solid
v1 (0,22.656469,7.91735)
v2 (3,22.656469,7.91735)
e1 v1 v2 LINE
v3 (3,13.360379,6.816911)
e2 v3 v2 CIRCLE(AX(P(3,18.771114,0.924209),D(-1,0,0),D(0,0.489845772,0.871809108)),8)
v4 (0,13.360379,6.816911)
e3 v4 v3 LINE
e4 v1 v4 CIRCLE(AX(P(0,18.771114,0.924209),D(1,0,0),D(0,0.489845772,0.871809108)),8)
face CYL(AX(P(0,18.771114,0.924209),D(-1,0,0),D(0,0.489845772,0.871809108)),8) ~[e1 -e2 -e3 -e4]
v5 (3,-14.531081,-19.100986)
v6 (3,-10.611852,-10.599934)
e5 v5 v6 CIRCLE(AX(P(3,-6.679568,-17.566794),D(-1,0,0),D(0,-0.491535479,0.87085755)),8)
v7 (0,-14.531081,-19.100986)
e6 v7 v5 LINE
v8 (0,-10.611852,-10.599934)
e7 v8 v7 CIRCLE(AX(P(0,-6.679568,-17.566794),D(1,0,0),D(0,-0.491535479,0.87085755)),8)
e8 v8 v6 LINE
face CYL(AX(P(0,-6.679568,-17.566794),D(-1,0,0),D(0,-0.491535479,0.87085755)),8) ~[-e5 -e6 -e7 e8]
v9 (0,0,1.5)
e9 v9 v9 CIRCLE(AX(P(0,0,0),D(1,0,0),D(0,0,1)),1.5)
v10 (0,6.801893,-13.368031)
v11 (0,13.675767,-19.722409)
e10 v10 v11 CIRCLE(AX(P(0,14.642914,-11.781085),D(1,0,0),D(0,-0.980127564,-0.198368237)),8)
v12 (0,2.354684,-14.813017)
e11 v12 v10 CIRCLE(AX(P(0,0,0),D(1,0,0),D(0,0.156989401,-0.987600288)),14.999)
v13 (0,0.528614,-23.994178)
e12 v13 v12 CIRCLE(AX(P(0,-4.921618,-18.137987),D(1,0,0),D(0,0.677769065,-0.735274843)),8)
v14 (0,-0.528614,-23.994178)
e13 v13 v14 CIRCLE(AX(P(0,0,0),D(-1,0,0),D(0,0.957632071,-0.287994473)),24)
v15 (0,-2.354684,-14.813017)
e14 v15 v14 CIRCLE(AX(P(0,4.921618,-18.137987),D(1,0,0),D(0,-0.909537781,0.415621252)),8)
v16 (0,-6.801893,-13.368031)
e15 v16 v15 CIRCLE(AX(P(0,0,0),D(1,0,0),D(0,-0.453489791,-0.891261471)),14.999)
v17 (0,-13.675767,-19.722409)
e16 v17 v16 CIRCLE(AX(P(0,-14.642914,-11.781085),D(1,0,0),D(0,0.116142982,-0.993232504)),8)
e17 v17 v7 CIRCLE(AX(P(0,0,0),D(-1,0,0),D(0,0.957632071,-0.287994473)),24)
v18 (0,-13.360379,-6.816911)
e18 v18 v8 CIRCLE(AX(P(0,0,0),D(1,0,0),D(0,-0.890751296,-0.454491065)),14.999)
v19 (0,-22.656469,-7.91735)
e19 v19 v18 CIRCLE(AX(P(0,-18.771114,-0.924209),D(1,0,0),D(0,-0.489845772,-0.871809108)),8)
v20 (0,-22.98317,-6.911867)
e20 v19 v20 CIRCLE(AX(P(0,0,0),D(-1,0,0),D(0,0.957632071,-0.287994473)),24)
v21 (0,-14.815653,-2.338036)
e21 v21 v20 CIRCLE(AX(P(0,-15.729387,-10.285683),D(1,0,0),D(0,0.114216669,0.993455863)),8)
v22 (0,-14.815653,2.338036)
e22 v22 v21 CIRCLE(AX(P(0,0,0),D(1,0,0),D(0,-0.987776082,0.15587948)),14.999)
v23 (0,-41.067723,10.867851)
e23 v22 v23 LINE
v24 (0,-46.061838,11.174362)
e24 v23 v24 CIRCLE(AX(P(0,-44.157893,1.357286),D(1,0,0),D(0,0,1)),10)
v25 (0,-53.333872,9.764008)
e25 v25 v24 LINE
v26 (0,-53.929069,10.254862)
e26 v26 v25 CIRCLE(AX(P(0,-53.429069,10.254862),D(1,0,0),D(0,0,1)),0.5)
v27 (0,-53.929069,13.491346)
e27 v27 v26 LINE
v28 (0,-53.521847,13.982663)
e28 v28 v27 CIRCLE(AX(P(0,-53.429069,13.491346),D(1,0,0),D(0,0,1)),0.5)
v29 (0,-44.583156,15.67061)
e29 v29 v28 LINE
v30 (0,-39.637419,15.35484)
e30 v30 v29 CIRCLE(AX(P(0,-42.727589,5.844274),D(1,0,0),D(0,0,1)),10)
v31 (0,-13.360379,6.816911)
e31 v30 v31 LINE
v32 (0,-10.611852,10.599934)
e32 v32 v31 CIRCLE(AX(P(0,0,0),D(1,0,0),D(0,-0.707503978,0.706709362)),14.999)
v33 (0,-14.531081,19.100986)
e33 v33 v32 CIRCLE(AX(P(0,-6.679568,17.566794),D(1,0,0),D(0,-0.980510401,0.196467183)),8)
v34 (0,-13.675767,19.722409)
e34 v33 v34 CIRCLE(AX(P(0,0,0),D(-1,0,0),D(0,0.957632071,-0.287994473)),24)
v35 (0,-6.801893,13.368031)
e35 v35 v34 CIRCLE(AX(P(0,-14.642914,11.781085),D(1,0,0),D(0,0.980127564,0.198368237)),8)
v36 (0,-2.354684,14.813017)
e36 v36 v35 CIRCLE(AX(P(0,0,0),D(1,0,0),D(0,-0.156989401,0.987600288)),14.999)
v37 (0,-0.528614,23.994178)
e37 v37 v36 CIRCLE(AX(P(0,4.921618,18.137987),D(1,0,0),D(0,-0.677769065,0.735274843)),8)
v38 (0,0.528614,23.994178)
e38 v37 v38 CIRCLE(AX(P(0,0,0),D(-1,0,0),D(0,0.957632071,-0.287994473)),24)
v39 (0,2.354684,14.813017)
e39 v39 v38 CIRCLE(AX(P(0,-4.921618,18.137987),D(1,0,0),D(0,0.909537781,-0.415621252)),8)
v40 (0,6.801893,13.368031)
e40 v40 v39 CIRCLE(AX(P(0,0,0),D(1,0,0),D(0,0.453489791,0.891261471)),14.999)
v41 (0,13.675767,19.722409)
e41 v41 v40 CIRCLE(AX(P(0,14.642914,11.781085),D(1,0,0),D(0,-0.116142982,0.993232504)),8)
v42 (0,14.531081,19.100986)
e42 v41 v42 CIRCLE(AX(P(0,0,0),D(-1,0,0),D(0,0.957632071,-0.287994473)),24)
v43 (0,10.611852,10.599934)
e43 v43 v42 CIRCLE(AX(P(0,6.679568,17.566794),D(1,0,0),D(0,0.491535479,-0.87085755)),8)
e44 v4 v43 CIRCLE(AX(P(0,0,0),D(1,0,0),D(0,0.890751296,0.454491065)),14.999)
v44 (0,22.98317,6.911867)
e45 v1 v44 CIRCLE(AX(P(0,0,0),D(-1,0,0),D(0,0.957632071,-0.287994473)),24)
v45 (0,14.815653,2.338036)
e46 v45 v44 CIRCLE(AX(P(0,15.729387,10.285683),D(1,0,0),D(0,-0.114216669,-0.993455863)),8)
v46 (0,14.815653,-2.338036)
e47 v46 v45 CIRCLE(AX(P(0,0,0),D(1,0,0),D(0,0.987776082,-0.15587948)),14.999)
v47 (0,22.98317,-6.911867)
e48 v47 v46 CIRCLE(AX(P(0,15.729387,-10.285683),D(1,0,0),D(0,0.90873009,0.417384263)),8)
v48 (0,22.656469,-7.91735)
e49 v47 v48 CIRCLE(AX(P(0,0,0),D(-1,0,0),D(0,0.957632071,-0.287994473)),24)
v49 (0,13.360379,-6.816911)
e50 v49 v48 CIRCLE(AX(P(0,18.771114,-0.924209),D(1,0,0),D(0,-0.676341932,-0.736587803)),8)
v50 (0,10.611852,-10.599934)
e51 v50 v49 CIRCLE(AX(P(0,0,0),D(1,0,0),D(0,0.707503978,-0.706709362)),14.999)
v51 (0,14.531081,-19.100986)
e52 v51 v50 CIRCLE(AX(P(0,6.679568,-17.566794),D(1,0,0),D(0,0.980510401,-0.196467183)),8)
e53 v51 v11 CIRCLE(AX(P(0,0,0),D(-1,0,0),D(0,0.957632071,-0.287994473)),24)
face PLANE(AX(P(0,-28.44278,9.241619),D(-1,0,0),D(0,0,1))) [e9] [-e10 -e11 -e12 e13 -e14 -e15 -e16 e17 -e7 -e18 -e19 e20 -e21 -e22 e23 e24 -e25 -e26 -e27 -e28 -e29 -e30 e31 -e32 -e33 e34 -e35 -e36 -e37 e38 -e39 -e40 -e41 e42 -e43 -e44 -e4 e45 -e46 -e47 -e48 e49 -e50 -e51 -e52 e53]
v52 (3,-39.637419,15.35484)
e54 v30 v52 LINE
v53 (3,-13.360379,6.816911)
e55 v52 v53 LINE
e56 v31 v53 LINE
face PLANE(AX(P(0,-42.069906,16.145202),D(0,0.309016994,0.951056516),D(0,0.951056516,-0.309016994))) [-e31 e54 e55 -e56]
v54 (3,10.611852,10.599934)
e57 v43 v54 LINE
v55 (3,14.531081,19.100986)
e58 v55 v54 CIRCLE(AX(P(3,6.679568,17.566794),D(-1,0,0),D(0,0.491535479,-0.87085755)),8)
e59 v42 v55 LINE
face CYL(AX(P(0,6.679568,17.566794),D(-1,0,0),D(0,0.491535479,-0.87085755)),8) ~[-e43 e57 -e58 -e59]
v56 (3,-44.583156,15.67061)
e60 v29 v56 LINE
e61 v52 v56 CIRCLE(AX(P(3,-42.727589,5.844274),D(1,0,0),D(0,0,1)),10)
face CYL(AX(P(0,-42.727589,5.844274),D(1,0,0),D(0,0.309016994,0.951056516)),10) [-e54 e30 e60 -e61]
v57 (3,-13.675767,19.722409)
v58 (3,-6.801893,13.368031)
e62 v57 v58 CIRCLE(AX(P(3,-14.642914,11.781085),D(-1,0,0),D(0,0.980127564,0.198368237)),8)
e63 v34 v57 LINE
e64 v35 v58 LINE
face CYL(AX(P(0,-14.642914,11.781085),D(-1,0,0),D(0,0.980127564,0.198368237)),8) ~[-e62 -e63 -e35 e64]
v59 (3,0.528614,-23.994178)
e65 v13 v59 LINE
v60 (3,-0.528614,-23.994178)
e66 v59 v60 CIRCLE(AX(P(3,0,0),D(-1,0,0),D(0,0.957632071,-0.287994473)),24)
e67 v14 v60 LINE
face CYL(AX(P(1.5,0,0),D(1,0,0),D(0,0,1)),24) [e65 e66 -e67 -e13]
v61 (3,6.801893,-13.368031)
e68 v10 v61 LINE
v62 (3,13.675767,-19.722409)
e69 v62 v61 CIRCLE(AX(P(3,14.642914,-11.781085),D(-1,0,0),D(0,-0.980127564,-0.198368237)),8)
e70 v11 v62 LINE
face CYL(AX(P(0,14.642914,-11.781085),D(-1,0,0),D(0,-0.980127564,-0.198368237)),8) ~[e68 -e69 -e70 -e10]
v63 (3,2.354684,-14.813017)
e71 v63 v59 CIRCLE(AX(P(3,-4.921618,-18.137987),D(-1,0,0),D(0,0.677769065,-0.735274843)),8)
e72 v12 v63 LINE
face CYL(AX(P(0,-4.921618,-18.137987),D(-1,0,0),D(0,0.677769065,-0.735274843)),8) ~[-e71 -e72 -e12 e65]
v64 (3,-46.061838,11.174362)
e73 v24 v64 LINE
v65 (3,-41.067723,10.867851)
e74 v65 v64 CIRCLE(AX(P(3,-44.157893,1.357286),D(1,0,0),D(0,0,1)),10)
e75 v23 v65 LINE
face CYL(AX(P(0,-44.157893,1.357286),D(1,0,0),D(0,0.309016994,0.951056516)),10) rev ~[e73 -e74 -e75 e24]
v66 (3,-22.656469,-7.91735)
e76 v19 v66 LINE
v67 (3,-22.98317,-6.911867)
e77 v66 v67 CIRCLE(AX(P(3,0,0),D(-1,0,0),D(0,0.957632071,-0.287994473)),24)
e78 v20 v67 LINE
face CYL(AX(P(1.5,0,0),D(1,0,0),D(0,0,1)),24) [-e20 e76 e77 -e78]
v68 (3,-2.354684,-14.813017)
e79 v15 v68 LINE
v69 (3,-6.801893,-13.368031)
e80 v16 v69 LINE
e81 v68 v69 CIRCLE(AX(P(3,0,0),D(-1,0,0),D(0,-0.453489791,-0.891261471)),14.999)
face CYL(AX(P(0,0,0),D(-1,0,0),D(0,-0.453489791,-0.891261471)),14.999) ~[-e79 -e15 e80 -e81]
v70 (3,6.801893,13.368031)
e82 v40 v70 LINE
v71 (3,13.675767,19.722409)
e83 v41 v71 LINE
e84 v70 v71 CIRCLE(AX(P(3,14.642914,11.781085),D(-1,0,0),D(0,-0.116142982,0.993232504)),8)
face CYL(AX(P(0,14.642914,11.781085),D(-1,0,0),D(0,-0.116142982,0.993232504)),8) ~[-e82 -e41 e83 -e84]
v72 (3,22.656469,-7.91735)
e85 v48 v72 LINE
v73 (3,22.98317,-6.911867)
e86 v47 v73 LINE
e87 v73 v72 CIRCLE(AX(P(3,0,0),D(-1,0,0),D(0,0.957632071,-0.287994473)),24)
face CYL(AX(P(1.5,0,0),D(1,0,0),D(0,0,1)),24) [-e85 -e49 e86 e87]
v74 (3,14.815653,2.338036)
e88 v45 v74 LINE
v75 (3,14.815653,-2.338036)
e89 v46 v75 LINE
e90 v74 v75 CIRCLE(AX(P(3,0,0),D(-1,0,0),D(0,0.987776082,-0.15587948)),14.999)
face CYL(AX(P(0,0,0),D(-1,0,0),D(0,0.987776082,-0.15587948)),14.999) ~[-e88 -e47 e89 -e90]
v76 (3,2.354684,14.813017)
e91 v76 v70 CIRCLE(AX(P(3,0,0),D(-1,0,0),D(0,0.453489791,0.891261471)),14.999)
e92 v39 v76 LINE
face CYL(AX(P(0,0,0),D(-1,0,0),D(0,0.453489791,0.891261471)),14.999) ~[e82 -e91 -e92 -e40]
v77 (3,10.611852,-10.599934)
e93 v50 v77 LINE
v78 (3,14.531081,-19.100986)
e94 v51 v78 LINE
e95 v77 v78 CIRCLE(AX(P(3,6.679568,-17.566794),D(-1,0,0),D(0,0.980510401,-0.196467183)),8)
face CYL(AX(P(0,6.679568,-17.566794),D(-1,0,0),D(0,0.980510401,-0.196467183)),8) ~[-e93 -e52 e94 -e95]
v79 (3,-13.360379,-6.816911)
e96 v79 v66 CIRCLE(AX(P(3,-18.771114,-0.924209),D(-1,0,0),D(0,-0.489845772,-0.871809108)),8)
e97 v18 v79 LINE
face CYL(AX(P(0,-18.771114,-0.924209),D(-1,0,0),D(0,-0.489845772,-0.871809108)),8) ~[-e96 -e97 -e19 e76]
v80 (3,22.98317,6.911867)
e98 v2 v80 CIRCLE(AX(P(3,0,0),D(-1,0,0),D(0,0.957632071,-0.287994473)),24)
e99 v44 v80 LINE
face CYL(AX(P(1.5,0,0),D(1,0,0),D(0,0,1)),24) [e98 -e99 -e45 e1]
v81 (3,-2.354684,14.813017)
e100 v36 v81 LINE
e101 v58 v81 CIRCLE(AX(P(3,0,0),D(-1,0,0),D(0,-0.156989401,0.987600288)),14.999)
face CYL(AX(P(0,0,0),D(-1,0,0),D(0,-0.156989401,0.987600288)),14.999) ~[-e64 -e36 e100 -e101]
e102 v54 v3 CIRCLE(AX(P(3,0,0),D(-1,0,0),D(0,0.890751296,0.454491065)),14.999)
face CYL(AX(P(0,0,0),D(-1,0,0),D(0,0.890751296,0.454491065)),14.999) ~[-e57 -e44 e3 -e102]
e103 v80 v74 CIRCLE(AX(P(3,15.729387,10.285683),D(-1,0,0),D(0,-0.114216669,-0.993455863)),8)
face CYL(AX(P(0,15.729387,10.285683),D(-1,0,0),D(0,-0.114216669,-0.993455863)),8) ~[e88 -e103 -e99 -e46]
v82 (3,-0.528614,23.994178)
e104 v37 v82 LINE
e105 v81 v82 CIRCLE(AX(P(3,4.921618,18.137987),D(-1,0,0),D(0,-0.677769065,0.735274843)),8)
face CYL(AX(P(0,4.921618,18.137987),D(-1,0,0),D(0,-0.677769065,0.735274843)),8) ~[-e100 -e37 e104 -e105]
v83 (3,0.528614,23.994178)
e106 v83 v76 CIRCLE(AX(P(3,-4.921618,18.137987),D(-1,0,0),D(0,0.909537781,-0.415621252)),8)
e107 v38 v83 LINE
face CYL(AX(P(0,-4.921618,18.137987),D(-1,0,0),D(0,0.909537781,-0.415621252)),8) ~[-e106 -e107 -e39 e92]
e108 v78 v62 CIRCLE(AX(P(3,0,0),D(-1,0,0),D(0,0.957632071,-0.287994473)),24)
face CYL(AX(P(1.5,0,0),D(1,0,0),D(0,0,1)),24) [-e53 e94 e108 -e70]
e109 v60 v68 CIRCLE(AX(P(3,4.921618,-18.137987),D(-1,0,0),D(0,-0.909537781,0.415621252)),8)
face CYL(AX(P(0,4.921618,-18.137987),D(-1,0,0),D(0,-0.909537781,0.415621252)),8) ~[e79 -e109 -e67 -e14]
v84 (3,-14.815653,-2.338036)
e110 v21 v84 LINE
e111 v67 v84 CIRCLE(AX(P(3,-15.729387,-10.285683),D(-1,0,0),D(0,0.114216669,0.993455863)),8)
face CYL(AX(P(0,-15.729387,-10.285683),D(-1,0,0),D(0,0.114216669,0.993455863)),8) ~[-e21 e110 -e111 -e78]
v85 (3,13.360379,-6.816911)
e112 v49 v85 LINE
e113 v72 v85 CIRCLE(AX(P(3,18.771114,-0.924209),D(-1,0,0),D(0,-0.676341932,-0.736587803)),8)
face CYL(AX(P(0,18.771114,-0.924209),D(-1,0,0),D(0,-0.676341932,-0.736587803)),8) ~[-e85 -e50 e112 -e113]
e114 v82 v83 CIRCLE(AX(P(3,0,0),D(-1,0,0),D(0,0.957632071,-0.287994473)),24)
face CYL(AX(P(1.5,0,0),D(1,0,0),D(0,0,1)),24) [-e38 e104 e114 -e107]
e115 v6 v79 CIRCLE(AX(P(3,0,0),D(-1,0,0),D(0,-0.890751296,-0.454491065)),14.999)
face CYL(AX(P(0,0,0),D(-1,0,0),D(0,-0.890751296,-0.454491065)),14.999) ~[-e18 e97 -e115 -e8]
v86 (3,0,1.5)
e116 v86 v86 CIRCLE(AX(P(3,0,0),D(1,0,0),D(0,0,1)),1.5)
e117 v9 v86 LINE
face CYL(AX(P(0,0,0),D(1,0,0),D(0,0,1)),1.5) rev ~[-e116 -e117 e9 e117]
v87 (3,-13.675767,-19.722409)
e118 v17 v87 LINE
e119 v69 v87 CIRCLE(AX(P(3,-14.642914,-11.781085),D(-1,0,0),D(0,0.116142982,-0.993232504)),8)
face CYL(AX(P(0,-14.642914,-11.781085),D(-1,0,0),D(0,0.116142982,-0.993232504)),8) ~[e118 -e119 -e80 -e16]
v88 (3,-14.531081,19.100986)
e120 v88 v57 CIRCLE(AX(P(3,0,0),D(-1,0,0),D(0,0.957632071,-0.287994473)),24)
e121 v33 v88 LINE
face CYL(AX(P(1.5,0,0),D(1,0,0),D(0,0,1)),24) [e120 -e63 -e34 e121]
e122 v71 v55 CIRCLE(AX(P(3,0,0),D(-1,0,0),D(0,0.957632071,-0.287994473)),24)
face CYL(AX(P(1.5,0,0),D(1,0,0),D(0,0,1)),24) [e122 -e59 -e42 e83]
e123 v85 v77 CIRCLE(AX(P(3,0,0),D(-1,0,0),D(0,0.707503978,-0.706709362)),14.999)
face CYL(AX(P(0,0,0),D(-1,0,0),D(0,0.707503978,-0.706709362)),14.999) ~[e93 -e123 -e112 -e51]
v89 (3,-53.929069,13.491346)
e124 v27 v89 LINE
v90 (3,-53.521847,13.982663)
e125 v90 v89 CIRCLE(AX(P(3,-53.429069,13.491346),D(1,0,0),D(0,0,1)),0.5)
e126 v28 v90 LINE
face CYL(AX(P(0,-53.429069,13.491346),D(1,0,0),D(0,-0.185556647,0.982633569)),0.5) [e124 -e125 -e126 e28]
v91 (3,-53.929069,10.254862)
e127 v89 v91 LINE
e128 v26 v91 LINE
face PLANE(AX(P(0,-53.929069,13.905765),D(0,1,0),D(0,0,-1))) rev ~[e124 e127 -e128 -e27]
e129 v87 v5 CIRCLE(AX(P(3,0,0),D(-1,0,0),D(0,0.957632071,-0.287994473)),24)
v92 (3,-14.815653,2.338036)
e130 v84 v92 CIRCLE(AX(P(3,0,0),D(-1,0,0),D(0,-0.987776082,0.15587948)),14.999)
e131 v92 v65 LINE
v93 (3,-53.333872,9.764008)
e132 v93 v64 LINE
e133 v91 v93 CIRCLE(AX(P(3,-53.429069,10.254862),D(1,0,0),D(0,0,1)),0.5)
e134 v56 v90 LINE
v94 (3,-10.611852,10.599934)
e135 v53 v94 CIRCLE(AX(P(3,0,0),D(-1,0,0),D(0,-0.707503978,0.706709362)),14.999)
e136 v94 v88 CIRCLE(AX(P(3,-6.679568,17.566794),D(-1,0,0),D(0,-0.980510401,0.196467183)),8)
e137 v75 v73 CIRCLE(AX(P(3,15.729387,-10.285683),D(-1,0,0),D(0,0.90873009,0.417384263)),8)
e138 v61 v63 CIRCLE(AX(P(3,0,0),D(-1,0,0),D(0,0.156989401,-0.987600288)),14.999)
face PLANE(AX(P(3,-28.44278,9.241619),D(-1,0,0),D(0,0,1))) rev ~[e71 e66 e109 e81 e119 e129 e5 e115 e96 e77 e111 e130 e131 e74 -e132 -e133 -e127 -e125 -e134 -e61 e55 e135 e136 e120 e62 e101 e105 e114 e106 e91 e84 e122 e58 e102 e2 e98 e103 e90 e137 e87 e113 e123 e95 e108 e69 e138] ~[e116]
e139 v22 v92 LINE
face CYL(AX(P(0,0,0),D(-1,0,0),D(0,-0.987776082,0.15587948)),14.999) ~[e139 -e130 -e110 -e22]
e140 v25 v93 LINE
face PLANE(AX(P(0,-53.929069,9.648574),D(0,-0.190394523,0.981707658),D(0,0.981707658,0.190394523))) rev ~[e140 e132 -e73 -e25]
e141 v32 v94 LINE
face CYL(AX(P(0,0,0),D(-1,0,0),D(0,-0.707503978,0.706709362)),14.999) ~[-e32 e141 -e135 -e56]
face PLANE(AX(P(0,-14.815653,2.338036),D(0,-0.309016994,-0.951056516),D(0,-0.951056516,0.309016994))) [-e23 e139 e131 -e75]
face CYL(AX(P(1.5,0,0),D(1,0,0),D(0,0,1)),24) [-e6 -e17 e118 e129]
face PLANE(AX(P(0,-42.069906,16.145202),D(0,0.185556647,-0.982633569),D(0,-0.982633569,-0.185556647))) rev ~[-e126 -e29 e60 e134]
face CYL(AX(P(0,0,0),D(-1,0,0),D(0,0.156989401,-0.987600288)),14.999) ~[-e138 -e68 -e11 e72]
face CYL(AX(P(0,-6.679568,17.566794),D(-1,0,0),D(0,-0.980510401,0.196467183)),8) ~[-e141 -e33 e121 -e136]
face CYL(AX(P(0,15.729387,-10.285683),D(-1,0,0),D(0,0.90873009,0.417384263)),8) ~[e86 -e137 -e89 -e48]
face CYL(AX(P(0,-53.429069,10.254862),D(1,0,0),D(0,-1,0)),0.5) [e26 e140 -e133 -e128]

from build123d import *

# Parameters (mm, degrees)
BASPROSKE_W         = 3
BASPROSKE_H         = 24
TOOTHCUT_DEPTH      = 35.073450075
TEETHCUTS_COUNT     = 10
TEETHCUTS_ANGLE     = 324
BORSKE_R            = 1.5
BORE_DEPTH          = 50.0000508
CUT_EXTRUDE1_DEPTH  = 10
BOSS_EXTRUDE1_DEPTH = 3
FILLET1_R           = 10
FILLET2_R           = 0.5


with BuildPart() as part:
    # BasProSke → Base-Revolve (revolve)
    with BuildSketch(Plane(origin=(0, 0, 0), x_dir=(1, 0, 0), z_dir=(0, 1, 0)), mode=Mode.PRIVATE) as base_revolve_sk:
        with Locations((1.5, 12)):
            Rectangle(BASPROSKE_W, BASPROSKE_H)
    revolve(base_revolve_sk.sketch.rotate(Axis((-10, 0, 0), (1, 0, 0)), 180), axis=Axis((-10, 0, 0), (1, 0, 0)))

    # TooCutSke → ToothCut (cut, through all)
    with BuildSketch(Plane(origin=(0, 0, 0), x_dir=(0, 0, -1), z_dir=(1, 0, 0))):
        with BuildLine():
            ThreePointArc((2.33803632, 14.815653451), (0, 14.999), (-2.33803632, 14.815653451))
            ThreePointArc((-2.33803632, 14.815653451), (-3.315013319, 19.654913653), (-6.946609122, 22.999227528))
            ThreePointArc((-6.946609122, 22.999227528), (0, 24.0254), (6.946609122, 22.999227528))
            ThreePointArc((6.946609122, 22.999227528), (3.315013319, 19.654913653), (2.33803632, 14.815653451))
        make_face()
    toothcut = extrude(amount=TOOTHCUT_DEPTH, mode=Mode.SUBTRACT)

    # TeethCuts: ToothCut ×10 about axis
    teethcuts_axis = Axis((-10, 0, 0), (1, 0, 0))
    for i in range(1, TEETHCUTS_COUNT):
        add(toothcut.rotate(teethcuts_axis, i * TEETHCUTS_ANGLE / (TEETHCUTS_COUNT - 1)), mode=Mode.SUBTRACT)

    # BorSke → Bore (cut, symmetric)
    with BuildSketch(Plane(origin=(0, 0, 0), x_dir=(0, 0, -1), z_dir=(1, 0, 0))):
        with Locations(Location((0, 0, 0), (0, 0, 180))):
            Circle(BORSKE_R)
    extrude(amount=BORE_DEPTH, both=True, mode=Mode.SUBTRACT)

    # Sketch1 → Cut-Extrude1 (cut)
    with BuildSketch(Plane.ZY):
        Polygon((6.816911485, -13.360378693), (2.33803632, -14.815653451), (0, -15.575327501), (3.846423881, -27.413402957), (12.603452521, -24.568071871), (8.75702864, -12.729996416), align=None)
    extrude(amount=-CUT_EXTRUDE1_DEPTH, mode=Mode.SUBTRACT)

    # Sketch2 → Boss-Extrude1 (add)
    with BuildSketch(Plane.ZY):
        Polygon((11.666327165, -43.525180612), (16.145202329, -42.069905854), (6.816911485, -13.360378693), (2.33803632, -14.815653451), align=None)
        Polygon((13.905764747, -53.929068958), (9.648574383, -53.929068958), (11.666327165, -43.525180612), (16.145202329, -42.069905854), align=None)
    extrude(amount=-BOSS_EXTRUDE1_DEPTH)

    # Fillet1
    fillet1_edges = [part.edges().sort_by_distance(p)[0] for p in [
        (1.5, -43.525180612, 11.666327165),
        (1.5, -42.069905854, 16.145202329),
    ]]
    fillet(fillet1_edges, radius=FILLET1_R)

    # Fillet2
    fillet2_edges = [part.edges().sort_by_distance(p)[0] for p in [
        (1.5, -53.929068958, 13.905764747),
        (1.5, -53.929068958, 9.648574383),
    ]]
    fillet(fillet2_edges, radius=FILLET2_R)


solid = part.part
